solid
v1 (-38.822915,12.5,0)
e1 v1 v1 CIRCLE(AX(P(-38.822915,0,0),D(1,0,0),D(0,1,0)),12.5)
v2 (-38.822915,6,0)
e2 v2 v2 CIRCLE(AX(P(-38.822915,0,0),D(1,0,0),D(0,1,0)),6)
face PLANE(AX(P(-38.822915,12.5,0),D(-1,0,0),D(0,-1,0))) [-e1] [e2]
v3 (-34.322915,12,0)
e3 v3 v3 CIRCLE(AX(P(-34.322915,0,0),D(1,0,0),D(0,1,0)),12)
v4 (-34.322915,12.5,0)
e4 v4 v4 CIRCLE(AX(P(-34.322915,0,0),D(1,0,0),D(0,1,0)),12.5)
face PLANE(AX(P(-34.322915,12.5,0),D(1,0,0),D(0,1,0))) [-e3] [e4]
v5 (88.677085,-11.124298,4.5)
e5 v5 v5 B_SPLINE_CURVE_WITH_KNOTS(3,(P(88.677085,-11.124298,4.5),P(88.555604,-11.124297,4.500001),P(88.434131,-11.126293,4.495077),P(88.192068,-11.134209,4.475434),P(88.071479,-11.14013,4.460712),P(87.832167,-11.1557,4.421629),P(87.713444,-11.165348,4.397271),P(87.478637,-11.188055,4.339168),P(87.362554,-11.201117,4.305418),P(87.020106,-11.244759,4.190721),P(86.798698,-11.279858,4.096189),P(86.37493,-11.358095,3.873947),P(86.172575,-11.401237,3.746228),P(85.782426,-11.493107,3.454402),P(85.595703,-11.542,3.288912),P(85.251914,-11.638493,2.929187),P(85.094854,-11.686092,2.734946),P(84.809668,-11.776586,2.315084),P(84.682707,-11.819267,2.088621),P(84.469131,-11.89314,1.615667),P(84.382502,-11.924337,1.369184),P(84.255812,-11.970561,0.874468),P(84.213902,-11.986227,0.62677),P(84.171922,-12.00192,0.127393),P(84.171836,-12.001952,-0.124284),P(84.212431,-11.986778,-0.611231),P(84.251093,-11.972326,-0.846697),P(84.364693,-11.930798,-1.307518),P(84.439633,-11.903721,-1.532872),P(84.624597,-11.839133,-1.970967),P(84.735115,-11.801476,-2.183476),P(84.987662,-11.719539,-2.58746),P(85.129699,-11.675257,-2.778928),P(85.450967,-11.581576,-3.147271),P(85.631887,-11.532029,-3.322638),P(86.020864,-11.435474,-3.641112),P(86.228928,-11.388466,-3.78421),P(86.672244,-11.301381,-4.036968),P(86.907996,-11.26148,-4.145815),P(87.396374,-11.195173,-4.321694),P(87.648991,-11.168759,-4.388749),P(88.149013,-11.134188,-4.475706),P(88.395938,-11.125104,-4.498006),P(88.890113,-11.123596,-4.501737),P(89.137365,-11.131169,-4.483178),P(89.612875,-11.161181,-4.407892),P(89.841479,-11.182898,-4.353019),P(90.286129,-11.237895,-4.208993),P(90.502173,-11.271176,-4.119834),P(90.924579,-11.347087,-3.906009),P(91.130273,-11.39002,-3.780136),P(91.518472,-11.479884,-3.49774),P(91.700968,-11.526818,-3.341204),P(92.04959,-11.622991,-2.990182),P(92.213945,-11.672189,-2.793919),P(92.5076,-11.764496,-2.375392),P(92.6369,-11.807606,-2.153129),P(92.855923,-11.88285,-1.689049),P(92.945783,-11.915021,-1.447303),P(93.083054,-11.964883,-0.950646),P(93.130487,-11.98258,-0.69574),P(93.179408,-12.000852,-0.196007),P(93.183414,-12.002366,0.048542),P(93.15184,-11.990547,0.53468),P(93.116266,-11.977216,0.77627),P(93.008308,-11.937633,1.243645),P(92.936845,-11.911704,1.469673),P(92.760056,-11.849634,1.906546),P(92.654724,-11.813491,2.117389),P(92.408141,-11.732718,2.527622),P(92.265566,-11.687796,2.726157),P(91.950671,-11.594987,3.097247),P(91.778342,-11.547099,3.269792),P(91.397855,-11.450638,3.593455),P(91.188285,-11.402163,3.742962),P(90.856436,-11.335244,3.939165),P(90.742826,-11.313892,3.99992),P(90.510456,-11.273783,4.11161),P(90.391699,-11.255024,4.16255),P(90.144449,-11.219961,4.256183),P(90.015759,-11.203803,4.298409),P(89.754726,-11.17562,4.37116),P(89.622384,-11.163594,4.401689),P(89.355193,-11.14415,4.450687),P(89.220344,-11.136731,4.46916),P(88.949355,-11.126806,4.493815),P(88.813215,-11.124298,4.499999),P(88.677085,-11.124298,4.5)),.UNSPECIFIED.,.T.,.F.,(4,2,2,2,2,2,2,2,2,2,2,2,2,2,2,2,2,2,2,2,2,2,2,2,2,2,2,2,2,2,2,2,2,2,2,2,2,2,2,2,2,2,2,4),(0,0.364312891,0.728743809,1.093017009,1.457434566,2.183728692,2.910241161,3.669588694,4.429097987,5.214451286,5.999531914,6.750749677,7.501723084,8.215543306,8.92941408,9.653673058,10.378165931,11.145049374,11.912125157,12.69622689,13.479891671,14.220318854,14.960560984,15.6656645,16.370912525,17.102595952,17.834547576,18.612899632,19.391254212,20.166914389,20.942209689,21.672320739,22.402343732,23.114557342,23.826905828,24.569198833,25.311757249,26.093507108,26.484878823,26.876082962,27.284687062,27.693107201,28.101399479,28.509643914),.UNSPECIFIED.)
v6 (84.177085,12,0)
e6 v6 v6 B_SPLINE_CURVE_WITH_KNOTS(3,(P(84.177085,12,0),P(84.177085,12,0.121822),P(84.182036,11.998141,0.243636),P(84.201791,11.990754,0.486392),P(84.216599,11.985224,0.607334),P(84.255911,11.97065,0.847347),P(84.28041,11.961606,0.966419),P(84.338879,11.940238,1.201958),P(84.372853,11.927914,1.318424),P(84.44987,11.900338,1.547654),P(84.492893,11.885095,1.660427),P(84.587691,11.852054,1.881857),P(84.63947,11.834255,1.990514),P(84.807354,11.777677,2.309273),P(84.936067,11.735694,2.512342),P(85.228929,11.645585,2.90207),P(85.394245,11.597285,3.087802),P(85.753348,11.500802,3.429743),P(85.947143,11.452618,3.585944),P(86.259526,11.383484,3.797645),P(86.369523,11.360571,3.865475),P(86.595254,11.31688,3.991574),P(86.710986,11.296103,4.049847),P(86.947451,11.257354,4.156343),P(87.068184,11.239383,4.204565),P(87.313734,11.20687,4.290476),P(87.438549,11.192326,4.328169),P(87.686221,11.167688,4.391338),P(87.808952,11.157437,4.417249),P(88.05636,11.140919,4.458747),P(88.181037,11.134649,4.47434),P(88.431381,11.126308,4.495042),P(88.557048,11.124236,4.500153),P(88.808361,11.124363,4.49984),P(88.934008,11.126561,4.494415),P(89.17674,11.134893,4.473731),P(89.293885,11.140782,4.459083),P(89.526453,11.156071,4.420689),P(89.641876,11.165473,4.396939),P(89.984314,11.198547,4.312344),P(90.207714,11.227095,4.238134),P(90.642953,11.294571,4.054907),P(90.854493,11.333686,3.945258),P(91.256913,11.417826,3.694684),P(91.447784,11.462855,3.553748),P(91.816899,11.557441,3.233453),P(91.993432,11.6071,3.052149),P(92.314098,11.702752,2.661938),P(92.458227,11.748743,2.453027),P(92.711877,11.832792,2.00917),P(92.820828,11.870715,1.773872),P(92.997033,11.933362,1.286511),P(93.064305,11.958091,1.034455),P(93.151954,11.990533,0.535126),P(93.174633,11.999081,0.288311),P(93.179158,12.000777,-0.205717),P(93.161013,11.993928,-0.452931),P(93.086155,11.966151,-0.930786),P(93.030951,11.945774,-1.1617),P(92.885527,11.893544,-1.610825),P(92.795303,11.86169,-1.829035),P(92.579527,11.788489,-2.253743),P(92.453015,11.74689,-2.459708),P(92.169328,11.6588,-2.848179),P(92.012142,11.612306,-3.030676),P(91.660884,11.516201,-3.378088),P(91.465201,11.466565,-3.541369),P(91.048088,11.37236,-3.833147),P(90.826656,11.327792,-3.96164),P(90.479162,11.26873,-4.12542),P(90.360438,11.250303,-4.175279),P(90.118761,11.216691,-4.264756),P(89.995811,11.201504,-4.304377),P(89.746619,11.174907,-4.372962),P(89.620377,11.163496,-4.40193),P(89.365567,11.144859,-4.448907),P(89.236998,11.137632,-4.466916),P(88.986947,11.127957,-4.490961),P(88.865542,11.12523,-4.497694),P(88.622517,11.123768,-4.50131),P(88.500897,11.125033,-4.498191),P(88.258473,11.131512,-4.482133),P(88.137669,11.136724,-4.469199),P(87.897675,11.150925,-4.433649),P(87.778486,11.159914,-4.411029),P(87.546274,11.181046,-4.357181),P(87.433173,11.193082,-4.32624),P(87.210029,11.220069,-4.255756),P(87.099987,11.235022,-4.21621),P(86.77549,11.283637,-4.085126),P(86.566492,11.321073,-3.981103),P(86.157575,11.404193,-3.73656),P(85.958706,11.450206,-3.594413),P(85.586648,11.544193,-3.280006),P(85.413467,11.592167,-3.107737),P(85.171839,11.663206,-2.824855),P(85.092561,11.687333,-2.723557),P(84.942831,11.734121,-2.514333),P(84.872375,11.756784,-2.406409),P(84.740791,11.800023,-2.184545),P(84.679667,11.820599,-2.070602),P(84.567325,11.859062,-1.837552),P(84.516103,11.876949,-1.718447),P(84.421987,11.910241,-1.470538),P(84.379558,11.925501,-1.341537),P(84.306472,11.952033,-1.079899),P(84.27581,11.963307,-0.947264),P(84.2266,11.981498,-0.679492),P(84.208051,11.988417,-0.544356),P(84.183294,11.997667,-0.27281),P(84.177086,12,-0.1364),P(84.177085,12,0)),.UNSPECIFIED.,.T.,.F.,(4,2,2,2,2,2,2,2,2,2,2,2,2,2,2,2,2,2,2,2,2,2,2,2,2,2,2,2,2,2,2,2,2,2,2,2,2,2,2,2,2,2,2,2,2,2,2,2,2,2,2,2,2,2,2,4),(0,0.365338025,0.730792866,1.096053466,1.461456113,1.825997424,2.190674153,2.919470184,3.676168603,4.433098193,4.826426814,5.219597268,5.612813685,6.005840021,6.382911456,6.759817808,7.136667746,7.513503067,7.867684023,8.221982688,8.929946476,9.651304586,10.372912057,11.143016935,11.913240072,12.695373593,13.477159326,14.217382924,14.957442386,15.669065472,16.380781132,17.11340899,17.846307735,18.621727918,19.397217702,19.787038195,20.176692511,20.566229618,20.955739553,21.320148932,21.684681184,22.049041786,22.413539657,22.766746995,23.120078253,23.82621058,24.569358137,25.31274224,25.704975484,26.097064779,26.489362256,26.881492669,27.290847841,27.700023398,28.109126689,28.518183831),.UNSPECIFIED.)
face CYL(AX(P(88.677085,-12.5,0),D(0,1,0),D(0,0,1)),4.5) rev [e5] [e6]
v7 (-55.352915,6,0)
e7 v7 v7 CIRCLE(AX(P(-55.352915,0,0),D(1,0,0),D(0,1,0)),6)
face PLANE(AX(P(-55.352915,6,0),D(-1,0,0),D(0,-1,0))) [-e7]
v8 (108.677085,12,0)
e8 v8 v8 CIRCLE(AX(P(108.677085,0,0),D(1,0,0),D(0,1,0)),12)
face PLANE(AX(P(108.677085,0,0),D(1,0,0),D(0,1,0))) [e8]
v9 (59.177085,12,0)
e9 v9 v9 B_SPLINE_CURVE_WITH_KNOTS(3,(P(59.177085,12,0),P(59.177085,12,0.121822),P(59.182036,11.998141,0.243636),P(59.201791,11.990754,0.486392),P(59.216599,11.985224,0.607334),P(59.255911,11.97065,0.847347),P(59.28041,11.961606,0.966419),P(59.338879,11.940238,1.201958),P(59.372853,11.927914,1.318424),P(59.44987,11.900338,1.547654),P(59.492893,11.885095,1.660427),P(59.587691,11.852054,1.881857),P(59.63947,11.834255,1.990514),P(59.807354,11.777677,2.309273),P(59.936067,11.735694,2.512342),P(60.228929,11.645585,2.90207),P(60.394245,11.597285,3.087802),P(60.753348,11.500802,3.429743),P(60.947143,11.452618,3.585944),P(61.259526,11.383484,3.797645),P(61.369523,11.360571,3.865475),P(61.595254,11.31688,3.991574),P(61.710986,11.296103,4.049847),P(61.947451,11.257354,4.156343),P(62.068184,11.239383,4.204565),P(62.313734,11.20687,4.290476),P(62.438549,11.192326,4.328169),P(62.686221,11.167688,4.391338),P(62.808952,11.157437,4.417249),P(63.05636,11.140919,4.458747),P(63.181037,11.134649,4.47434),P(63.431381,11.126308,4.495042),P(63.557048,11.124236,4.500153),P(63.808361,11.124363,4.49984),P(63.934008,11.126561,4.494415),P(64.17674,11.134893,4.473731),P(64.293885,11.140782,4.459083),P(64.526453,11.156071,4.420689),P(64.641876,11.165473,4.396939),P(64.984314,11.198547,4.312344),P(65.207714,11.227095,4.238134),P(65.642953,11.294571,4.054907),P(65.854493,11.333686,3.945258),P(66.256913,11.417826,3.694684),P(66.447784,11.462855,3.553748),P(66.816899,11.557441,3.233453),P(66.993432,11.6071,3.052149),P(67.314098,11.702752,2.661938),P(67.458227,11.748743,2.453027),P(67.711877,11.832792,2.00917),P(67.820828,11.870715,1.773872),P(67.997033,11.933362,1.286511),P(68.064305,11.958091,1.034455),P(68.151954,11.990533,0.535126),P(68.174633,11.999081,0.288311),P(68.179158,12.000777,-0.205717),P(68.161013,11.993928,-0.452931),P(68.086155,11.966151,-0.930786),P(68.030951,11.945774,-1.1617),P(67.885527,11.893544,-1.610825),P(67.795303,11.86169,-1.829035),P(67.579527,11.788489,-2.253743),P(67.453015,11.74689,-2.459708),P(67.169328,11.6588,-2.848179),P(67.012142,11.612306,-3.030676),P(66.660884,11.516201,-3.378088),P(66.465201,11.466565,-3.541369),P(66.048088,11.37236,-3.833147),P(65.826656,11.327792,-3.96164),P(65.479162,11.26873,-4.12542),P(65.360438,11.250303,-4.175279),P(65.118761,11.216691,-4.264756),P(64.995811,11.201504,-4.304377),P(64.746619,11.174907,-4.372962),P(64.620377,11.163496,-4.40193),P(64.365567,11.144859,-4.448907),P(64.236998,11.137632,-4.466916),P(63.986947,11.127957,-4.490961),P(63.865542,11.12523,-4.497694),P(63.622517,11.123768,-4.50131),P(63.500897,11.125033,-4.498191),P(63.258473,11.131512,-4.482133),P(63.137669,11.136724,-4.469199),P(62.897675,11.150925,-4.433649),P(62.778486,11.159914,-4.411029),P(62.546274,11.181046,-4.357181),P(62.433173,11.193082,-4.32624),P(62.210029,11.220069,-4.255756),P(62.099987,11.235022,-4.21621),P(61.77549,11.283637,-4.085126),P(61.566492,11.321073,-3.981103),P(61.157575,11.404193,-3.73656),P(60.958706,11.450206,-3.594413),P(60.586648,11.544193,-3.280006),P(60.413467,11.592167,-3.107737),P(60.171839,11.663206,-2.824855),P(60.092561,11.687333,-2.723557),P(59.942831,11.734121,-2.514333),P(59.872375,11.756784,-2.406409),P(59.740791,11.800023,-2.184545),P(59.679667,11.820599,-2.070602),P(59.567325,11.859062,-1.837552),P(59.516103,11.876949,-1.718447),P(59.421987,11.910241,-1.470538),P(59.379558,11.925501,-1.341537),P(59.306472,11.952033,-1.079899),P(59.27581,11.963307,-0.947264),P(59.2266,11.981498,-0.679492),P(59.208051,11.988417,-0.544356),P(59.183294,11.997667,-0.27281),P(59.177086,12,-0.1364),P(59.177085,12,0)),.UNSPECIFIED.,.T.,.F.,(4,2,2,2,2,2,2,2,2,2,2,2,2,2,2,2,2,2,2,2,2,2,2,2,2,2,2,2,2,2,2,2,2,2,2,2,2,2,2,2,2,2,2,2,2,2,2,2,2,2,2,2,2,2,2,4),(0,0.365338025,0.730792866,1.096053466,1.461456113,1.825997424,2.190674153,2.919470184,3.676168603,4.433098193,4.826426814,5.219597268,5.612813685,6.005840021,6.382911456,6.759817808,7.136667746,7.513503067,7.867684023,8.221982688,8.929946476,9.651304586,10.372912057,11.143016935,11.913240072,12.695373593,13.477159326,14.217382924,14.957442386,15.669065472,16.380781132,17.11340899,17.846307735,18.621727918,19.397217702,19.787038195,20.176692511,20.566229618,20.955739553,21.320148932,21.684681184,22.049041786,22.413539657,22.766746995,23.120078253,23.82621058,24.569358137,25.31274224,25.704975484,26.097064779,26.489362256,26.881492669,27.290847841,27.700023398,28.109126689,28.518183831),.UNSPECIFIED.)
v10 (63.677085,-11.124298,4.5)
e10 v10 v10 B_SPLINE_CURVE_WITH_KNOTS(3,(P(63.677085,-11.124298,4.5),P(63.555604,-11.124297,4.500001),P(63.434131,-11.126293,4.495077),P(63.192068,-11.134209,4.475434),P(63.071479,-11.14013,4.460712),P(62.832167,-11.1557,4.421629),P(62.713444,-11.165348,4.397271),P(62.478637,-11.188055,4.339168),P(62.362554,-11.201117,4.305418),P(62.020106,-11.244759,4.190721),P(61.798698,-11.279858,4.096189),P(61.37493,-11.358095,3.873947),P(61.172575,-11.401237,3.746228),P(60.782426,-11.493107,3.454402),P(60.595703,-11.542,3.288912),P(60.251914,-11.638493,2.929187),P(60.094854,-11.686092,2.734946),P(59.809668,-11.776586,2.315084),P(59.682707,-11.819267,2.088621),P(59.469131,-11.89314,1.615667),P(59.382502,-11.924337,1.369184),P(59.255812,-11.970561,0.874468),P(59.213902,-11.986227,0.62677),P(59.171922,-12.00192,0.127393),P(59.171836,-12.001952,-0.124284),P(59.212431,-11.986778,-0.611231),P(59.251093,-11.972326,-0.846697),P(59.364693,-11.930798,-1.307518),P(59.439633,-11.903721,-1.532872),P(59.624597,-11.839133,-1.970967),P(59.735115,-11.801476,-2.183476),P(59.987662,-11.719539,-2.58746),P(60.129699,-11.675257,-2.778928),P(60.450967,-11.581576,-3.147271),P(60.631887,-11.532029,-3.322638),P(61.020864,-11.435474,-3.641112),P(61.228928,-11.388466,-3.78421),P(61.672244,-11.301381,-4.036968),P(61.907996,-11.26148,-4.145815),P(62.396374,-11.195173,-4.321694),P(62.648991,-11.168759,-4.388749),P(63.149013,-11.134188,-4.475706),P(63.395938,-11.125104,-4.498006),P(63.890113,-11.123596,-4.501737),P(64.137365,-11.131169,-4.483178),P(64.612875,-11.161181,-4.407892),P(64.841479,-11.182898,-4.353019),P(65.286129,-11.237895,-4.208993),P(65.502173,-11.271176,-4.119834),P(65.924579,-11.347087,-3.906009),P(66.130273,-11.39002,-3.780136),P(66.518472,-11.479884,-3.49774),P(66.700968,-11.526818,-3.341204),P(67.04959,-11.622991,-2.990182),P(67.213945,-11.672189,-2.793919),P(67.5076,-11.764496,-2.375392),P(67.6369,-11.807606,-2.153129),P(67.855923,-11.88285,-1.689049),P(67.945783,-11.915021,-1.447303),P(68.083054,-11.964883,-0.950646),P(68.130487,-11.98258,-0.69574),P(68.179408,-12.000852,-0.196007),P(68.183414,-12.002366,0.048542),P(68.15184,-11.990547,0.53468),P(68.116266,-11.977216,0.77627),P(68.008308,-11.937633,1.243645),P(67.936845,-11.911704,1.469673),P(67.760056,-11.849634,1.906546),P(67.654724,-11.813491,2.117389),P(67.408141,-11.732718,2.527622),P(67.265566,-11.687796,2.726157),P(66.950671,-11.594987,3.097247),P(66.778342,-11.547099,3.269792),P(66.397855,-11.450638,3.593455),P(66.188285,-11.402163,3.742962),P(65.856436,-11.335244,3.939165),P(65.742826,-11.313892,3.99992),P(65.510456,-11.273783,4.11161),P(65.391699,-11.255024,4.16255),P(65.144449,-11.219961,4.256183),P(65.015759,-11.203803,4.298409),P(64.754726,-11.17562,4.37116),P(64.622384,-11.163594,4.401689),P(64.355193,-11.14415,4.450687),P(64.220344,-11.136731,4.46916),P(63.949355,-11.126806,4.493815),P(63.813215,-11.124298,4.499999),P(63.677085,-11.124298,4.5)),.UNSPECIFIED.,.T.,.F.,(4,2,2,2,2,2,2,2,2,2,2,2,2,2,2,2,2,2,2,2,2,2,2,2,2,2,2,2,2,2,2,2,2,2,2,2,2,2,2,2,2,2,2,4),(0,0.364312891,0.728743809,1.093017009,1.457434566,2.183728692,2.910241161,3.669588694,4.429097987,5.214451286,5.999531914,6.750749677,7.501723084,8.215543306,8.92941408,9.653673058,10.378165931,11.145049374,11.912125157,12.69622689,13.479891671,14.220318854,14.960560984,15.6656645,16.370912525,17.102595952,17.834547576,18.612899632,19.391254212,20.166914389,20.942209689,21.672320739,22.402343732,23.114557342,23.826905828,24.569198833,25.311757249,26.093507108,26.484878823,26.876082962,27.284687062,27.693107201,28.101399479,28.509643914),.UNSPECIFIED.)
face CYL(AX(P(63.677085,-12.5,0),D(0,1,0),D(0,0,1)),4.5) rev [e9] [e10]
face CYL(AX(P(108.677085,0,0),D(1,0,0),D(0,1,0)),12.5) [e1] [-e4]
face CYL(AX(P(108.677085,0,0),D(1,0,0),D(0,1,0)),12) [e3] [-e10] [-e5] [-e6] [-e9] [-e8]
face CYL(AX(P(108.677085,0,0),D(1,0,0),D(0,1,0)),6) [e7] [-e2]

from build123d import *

# Parameters (mm, degrees)
CUT_EXTRUDE1_DEPTH      = 111.105444252
CUT_EXTRUDE1_DEPTH_BACK = 111.105444252
SKETCH2_R               = 4.5


with BuildPart() as part:
    # Sketch1 → Revolve1 (revolve)
    with BuildSketch(Plane.XY):
        Polygon((108.677085229, 12), (-34.322914771, 12), (-34.322914771, 12.5), (-38.822914771, 12.5), (-38.822914771, 6), (-55.352914771, 6), (-55.352914771, 0), (108.677085229, 0), align=None)
    revolve(axis=Axis((108.677085229, 0, 0), (-1, 0, 0)))

    # Sketch2 → Cut-Extrude1 (cut, two sides: drawn at the far end of the back side and taken through both)
    with BuildSketch(Plane(origin=(0, 0, 0), x_dir=(1, 0, 0), z_dir=(0, 1, 0)).offset(-CUT_EXTRUDE1_DEPTH_BACK)):
        with Locations(Location((88.677085229, 0, 0), (0, 0, 270))):
            Circle(SKETCH2_R)
        with Locations(Location((63.677085229, 0, 0), (0, 0, 270))):
            Circle(SKETCH2_R)
    extrude(amount=CUT_EXTRUDE1_DEPTH + CUT_EXTRUDE1_DEPTH_BACK, mode=Mode.SUBTRACT)


solid = part.part
